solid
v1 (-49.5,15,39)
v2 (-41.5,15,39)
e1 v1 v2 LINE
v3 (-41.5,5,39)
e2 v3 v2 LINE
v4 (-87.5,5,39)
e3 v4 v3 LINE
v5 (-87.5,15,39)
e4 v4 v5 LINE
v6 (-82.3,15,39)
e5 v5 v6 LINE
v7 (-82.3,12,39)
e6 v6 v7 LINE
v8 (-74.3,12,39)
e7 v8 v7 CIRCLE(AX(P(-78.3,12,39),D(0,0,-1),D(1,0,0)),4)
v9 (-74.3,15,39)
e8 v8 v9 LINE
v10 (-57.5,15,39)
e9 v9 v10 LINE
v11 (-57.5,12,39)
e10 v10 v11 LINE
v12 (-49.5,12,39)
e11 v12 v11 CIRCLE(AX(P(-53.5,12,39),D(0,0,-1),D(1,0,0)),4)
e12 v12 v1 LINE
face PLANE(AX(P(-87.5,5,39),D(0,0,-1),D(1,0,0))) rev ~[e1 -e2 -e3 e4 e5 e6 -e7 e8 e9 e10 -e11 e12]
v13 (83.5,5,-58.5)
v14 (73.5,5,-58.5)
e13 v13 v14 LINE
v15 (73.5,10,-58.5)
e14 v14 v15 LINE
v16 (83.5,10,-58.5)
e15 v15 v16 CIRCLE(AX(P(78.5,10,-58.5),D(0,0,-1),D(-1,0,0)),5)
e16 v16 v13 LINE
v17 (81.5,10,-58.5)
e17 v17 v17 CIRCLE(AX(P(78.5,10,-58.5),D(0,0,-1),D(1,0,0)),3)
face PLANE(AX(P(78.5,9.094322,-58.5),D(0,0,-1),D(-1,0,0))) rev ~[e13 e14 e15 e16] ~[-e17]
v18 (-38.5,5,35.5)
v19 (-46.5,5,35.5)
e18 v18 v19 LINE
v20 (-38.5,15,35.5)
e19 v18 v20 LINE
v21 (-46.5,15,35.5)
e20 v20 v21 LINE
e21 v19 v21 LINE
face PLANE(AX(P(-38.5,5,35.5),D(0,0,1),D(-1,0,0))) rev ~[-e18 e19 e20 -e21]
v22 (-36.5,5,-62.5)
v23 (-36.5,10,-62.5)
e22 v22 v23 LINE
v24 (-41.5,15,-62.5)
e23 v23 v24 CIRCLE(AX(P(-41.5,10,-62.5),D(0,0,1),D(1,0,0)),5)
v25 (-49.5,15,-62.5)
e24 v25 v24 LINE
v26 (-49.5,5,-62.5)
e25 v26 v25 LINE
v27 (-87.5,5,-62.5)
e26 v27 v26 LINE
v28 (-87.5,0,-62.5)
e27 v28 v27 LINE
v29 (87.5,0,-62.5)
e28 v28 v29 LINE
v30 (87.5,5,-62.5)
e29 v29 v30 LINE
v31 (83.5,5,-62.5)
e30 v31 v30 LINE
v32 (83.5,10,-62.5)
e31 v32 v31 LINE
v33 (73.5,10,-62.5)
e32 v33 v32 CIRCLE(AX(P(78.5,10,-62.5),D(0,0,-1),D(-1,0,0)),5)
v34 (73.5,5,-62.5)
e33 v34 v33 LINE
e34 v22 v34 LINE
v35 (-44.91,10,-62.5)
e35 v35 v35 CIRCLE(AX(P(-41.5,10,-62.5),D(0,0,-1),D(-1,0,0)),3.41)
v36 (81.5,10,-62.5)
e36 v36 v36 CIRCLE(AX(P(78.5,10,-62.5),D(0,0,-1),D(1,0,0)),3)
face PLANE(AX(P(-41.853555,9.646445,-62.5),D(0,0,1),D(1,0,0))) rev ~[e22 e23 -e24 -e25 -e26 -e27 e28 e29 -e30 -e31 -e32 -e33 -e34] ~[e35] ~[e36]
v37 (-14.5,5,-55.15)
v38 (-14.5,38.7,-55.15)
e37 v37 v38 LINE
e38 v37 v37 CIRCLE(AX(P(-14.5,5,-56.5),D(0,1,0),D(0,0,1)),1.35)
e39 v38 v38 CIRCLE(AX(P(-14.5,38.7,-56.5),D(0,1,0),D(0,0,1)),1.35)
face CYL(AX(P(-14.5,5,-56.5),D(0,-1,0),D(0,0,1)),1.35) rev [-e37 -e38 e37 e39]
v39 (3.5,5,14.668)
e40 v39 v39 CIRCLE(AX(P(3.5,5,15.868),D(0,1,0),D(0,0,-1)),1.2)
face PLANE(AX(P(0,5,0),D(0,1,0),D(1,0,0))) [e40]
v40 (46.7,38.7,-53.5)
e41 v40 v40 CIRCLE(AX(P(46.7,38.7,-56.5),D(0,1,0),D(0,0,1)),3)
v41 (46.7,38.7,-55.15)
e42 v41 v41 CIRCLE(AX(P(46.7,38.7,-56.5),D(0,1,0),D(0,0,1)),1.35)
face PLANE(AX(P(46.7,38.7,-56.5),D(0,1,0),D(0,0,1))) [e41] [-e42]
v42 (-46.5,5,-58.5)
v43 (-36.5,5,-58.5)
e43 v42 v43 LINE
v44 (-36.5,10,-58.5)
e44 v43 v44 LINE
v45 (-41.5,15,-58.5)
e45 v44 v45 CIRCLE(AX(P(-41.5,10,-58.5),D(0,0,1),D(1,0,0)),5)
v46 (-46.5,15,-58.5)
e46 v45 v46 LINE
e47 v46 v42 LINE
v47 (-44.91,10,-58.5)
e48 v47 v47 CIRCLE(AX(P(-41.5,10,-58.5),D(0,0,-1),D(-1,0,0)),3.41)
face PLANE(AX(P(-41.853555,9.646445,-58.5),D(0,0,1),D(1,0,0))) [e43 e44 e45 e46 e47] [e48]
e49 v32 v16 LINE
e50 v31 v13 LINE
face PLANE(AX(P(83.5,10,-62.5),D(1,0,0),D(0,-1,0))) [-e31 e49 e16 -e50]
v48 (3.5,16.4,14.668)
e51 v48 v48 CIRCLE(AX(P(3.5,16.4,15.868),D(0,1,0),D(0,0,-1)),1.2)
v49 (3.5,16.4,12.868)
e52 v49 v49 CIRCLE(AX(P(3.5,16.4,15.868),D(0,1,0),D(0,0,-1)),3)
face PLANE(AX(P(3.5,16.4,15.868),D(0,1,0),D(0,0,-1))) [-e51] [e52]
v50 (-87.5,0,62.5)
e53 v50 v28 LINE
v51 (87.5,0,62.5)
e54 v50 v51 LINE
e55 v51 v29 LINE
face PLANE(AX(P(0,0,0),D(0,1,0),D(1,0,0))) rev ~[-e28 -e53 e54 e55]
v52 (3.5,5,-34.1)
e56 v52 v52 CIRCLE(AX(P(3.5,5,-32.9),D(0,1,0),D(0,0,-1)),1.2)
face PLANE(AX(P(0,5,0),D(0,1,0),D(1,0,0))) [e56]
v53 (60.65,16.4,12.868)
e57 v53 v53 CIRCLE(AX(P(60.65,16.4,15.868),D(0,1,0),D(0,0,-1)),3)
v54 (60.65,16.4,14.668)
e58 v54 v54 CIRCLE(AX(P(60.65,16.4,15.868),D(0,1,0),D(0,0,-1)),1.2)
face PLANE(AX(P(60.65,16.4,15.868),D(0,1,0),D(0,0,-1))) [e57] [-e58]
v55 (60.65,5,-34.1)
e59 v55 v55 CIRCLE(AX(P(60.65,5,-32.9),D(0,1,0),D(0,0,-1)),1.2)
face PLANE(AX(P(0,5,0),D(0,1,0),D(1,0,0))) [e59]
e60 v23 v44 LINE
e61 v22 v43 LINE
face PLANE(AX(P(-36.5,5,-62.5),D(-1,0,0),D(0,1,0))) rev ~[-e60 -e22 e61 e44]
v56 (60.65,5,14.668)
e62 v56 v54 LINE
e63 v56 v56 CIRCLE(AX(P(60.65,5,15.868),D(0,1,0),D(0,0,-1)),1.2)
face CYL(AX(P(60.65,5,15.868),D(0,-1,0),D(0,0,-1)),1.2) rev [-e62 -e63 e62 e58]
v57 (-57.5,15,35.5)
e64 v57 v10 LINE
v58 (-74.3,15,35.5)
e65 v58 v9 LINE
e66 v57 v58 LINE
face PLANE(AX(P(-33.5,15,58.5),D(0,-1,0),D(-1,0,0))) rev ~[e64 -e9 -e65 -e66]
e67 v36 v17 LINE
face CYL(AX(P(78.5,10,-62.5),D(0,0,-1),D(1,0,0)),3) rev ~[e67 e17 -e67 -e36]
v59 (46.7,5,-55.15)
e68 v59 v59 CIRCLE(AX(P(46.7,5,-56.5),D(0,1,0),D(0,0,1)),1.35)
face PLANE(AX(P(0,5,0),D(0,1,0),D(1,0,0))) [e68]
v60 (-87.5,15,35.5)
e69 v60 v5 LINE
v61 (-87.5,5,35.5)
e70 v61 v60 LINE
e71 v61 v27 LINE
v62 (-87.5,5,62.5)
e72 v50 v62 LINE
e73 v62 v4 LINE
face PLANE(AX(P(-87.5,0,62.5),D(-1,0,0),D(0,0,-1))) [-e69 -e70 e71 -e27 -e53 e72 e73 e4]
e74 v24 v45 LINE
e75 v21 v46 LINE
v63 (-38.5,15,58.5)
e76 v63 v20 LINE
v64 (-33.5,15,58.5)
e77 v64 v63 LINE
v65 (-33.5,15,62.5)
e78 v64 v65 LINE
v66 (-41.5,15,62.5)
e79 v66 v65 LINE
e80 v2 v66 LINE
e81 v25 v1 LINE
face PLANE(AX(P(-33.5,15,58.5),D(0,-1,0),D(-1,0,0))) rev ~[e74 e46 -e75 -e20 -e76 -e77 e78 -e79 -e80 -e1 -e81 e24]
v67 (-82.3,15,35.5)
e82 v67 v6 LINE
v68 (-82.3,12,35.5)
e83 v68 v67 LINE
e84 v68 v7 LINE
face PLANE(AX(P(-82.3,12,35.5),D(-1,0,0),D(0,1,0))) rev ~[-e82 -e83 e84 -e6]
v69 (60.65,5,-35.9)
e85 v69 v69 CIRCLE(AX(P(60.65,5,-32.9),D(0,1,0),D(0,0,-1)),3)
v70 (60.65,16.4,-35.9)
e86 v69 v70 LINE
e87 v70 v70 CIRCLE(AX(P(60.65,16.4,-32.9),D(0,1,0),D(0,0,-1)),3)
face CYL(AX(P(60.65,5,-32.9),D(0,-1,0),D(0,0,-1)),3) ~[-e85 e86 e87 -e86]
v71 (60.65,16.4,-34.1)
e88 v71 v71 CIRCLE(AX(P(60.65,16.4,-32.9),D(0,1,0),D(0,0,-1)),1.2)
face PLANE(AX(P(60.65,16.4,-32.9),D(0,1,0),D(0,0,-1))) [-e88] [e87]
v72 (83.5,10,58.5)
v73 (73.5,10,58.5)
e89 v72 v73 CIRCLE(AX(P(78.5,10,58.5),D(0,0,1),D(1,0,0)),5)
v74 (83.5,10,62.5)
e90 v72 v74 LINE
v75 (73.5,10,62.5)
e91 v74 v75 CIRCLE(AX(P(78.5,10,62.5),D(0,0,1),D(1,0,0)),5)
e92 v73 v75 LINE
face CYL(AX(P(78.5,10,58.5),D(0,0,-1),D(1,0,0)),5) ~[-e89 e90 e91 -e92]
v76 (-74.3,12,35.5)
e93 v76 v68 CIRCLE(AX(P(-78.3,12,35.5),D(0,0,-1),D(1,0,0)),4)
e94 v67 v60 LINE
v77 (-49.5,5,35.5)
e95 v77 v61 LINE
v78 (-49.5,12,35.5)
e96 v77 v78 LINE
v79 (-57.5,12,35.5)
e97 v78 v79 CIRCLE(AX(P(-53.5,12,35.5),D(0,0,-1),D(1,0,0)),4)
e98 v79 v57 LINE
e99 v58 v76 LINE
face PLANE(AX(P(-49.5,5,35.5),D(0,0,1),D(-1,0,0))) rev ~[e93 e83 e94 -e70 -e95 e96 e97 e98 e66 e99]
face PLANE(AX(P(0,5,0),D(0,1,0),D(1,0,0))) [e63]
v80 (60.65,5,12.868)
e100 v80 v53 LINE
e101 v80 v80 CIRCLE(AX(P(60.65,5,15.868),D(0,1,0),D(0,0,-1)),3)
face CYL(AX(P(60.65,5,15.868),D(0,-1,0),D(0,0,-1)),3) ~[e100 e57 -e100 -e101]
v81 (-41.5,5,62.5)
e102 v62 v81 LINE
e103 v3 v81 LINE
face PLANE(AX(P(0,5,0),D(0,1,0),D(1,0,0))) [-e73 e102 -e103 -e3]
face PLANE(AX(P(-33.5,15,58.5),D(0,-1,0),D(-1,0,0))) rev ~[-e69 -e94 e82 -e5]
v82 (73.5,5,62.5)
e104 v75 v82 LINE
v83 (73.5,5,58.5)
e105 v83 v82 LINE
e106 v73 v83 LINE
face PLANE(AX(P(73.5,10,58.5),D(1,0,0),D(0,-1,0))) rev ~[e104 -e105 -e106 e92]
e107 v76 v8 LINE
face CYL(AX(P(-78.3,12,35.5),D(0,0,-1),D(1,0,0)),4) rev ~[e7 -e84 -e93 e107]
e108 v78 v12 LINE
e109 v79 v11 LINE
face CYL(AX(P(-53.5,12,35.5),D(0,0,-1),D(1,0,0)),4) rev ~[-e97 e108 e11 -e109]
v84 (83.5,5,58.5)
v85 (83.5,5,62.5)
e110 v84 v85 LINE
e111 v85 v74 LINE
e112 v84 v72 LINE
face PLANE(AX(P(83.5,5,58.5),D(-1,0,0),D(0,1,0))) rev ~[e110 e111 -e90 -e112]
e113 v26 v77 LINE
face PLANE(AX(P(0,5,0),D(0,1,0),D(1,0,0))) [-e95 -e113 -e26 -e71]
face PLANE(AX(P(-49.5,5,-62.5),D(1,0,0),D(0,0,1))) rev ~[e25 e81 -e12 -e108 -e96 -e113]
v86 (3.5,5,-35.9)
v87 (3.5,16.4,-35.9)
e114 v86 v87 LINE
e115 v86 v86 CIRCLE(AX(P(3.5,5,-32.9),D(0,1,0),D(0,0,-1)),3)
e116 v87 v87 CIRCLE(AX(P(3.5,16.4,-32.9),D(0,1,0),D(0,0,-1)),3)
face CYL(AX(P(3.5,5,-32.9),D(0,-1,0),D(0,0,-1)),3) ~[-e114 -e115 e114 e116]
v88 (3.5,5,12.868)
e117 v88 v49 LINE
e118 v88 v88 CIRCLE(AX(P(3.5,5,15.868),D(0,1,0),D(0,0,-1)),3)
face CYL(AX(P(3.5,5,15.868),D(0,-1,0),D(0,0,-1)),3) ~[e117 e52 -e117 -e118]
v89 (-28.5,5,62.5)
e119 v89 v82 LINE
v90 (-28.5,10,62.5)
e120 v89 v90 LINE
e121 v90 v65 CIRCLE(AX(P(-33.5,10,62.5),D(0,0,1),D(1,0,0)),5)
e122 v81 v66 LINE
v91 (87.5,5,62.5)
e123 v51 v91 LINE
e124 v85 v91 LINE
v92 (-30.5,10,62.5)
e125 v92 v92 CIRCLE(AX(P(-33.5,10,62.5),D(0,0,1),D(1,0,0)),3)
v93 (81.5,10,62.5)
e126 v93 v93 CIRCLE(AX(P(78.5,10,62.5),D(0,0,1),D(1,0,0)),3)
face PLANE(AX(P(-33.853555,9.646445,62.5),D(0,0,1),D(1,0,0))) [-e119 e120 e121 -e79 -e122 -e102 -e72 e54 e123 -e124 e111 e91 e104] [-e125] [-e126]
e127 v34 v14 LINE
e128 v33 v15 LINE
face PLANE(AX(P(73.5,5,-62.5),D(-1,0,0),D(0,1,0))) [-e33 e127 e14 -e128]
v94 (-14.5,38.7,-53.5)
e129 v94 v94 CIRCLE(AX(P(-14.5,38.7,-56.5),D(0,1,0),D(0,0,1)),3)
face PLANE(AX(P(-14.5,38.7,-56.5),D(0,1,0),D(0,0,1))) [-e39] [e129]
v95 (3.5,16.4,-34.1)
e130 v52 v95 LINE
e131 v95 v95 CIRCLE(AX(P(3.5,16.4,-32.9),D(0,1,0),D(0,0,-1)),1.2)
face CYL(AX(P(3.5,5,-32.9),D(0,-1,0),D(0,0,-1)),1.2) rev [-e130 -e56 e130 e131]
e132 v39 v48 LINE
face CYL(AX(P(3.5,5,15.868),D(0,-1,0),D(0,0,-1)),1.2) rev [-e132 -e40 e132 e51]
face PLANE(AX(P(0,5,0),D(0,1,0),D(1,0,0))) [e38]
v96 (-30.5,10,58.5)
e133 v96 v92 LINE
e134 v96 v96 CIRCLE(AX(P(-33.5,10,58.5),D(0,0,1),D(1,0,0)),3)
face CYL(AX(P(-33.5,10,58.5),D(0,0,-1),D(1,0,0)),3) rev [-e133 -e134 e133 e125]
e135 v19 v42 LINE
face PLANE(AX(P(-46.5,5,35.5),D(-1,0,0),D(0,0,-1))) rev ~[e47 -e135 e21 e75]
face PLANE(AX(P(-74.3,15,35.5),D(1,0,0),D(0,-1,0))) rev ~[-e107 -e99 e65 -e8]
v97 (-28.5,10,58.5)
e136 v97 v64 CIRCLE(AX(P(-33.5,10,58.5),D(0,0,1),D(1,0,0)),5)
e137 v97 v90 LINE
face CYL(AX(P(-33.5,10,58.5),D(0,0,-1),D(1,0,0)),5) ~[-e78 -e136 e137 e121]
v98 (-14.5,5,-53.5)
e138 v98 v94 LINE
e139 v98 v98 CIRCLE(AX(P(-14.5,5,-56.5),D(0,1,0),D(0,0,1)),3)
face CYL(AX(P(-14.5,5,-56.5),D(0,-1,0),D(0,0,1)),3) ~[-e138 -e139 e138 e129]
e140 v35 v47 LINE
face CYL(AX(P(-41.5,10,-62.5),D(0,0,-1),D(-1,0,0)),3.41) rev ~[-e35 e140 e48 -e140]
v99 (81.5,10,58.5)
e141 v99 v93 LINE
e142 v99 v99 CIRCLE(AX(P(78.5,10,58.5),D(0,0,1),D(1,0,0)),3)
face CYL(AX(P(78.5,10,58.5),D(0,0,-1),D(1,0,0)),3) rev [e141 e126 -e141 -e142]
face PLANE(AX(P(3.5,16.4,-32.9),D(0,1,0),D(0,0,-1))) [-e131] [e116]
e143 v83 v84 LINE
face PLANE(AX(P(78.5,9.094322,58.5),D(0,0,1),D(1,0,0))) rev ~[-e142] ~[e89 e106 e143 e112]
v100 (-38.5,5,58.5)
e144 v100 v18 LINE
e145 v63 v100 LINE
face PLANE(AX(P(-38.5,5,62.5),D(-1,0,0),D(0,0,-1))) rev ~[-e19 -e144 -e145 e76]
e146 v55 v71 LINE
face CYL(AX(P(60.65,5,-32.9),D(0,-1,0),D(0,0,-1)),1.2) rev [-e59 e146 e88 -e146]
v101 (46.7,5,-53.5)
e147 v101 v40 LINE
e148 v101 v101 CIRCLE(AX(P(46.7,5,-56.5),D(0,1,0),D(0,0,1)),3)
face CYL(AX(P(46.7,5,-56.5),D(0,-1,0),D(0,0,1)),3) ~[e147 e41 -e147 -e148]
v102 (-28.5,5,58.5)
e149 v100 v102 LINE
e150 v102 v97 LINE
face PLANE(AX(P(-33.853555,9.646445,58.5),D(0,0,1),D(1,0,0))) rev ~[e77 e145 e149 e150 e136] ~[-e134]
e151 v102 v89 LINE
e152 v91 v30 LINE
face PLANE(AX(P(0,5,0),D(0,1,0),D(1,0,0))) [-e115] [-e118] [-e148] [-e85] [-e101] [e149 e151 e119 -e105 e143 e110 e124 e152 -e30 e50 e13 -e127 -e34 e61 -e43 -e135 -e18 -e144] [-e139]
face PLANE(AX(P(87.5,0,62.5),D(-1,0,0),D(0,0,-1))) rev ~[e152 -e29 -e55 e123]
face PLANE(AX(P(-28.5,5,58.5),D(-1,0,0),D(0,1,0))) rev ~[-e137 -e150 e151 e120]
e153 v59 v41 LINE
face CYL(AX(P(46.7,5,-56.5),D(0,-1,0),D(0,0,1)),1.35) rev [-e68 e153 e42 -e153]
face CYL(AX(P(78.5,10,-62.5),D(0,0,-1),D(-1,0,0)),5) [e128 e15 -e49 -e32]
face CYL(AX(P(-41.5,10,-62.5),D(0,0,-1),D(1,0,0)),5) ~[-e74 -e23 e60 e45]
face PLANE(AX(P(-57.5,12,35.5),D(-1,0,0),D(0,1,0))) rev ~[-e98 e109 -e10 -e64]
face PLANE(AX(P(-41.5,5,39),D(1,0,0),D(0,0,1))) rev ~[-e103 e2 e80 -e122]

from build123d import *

# Parameters (mm, degrees)
SKETCH1_W           = 175
SKETCH1_H           = 125
BOSS_EXTRUDE1_DEPTH = 5
BOSS_EXTRUDE2_DEPTH = 10
SKETCH3_R           = 3.41
SKETCH3_R_2         = 3
BOSS_EXTRUDE3_DEPTH = 4
BOSS_EXTRUDE4_START = -4
SKETCH4_R           = 3
BOSS_EXTRUDE4_DEPTH = 4
SKETCH5_R           = 3
SKETCH5_R_2         = 1.2
BOSS_EXTRUDE5_DEPTH = 11.4
SKETCH6_R           = 3
SKETCH6_R_2         = 1.35
BOSS_EXTRUDE6_DEPTH = 33.7
CUT_EXTRUDE1_REACH  = 138.96


with BuildPart() as part:
    # Sketch1 → Boss-Extrude1 (new body)
    with BuildSketch(Plane(origin=(0, 0, 0), x_dir=(1, 0, 0), z_dir=(0, 1, 0))):
        Rectangle(SKETCH1_W, SKETCH1_H)
    extrude(amount=BOSS_EXTRUDE1_DEPTH)

    # Sketch2 → Boss-Extrude2 (add)
    with BuildSketch(Plane(origin=(0, 5, 0), x_dir=(1, 0, 0), z_dir=(0, 1, 0))):
        Polygon((-49.5, 62.5), (-49.5, -35.5), (-87.5, -35.5), (-87.5, -39), (-41.5, -39), (-41.5, -62.5), (-38.5, -62.5), (-38.5, -35.5), (-46.5, -35.5), (-46.5, 62.5), align=None)
    extrude(amount=BOSS_EXTRUDE2_DEPTH)

    # Sketch3 → Boss-Extrude3 (add)
    # profile 1 of 2: a face of its own
    with BuildSketch(Plane(origin=(0, 0, -62.5), x_dir=(-1, 0, 0), z_dir=(0, 0, -1))):
        with BuildLine():
            Line((46.5, 5), (36.5, 5))
            Line((36.5, 5), (36.5, 10))
            ThreePointArc((36.5, 10), (37.964466094, 13.535533906), (41.5, 15))
            Line((41.5, 15), (46.5, 15))
            Line((46.5, 15), (46.5, 5))
        make_face()
        with Locations((41.5, 10)):
            Circle(SKETCH3_R, mode=Mode.SUBTRACT)
    # profile 2 of 2: a face of its own
    with BuildSketch(Plane(origin=(0, 0, -62.5), x_dir=(-1, 0, 0), z_dir=(0, 0, -1))):
        with BuildLine():
            Line((-83.5, 10), (-83.5, 5))
            Line((-83.5, 5), (-73.5, 5))
            Line((-73.5, 5), (-73.5, 10))
            ThreePointArc((-73.5, 10), (-78.5, 15), (-83.5, 10))
        make_face()
        with Locations(Location((-78.5, 10, 0), (0, 0, 180))):
            Circle(SKETCH3_R_2, mode=Mode.SUBTRACT)
    extrude(amount=-BOSS_EXTRUDE3_DEPTH)

    # Sketch4 → Boss-Extrude4 (add)
    # profile 1 of 2: a face of its own
    with BuildSketch(Plane.XY.offset(62.5).offset(BOSS_EXTRUDE4_START)):
        with BuildLine():
            Line((73.5, 5), (83.5, 5))
            Line((83.5, 5), (83.5, 10))
            ThreePointArc((83.5, 10), (78.5, 15), (73.5, 10))
            Line((73.5, 10), (73.5, 5))
        make_face()
        with Locations((78.5, 10)):
            Circle(SKETCH4_R, mode=Mode.SUBTRACT)
    # profile 2 of 2: a face of its own
    with BuildSketch(Plane.XY.offset(62.5).offset(BOSS_EXTRUDE4_START)):
        with BuildLine():
            Line((-38.5, 15), (-38.5, 5))
            Line((-38.5, 5), (-28.5, 5))
            Line((-28.5, 5), (-28.5, 10))
            ThreePointArc((-28.5, 10), (-29.964466094, 13.535533906), (-33.5, 15))
            Line((-33.5, 15), (-38.5, 15))
        make_face()
        with Locations((-33.5, 10)):
            Circle(SKETCH4_R, mode=Mode.SUBTRACT)
    extrude(amount=BOSS_EXTRUDE4_DEPTH)

    # Sketch5 → Boss-Extrude5 (add)
    # profile 1 of 4: a face of its own
    with BuildSketch(Plane(origin=(0, 5, 0), x_dir=(1, 0, 0), z_dir=(0, 1, 0))):
        with Locations(Location((3.5, 32.9, 0), (0, 0, 90))):
            Circle(SKETCH5_R)
        with Locations(Location((3.5, 32.9, 0), (0, 0, 90))):
            Circle(SKETCH5_R_2, mode=Mode.SUBTRACT)
    # profile 2 of 4: a face of its own
    with BuildSketch(Plane(origin=(0, 5, 0), x_dir=(1, 0, 0), z_dir=(0, 1, 0))):
        with Locations(Location((60.65, 32.9, 0), (0, 0, 90))):
            Circle(SKETCH5_R)
        with Locations(Location((60.65, 32.9, 0), (0, 0, 90))):
            Circle(SKETCH5_R_2, mode=Mode.SUBTRACT)
    # profile 3 of 4: a face of its own
    with BuildSketch(Plane(origin=(0, 5, 0), x_dir=(1, 0, 0), z_dir=(0, 1, 0))):
        with Locations(Location((60.65, -15.868, 0), (0, 0, 90))):
            Circle(SKETCH5_R)
        with Locations(Location((60.65, -15.868, 0), (0, 0, 90))):
            Circle(SKETCH5_R_2, mode=Mode.SUBTRACT)
    # profile 4 of 4: a face of its own
    with BuildSketch(Plane(origin=(0, 5, 0), x_dir=(1, 0, 0), z_dir=(0, 1, 0))):
        with Locations(Location((3.5, -15.868, 0), (0, 0, 90))):
            Circle(SKETCH5_R)
        with Locations(Location((3.5, -15.868, 0), (0, 0, 90))):
            Circle(SKETCH5_R_2, mode=Mode.SUBTRACT)
    extrude(amount=BOSS_EXTRUDE5_DEPTH)

    # Sketch6 → Boss-Extrude6 (add)
    # profile 1 of 2: a face of its own
    with BuildSketch(Plane(origin=(0, 5, 0), x_dir=(1, 0, 0), z_dir=(0, 1, 0))):
        with Locations(Location((46.7, 56.5, 0), (0, 0, 270))):
            Circle(SKETCH6_R)
        with Locations(Location((46.7, 56.5, 0), (0, 0, 270))):
            Circle(SKETCH6_R_2, mode=Mode.SUBTRACT)
    # profile 2 of 2: a face of its own
    with BuildSketch(Plane(origin=(0, 5, 0), x_dir=(1, 0, 0), z_dir=(0, 1, 0))):
        with Locations(Location((-14.5, 56.5, 0), (0, 0, 270))):
            Circle(SKETCH6_R)
        with Locations(Location((-14.5, 56.5, 0), (0, 0, 270))):
            Circle(SKETCH6_R_2, mode=Mode.SUBTRACT)
    extrude(amount=BOSS_EXTRUDE6_DEPTH)

    # Sketch7 → Cut-Extrude1 (cut, up to next)
    with BuildSketch(Plane(origin=(0, 0, 35.5), x_dir=(-1, 0, 0), z_dir=(0, 0, -1)), mode=Mode.PRIVATE) as cut_extrude1_sk1:
        with BuildLine():
            Line((49.5, 15), (49.5, 12))
            ThreePointArc((49.5, 12), (53.5, 8), (57.5, 12))
            Line((57.5, 12), (57.5, 15))
            Line((57.5, 15), (49.5, 15))
        make_face()
    cut_extrude1_tool1 = extrude(cut_extrude1_sk1.sketch, amount=-CUT_EXTRUDE1_REACH, mode=Mode.PRIVATE) & part.part
    # Sketch7 → Cut-Extrude1 (cut, up to next)
    with BuildSketch(Plane(origin=(0, 0, 35.5), x_dir=(-1, 0, 0), z_dir=(0, 0, -1)), mode=Mode.PRIVATE) as cut_extrude1_sk2:
        with BuildLine():
            Line((74.3, 15), (74.3, 12))
            ThreePointArc((74.3, 12), (78.3, 8), (82.3, 12))
            Line((82.3, 12), (82.3, 15))
            Line((82.3, 15), (74.3, 15))
        make_face()
    cut_extrude1_tool2 = extrude(cut_extrude1_sk2.sketch, amount=-CUT_EXTRUDE1_REACH, mode=Mode.PRIVATE) & part.part
    add(cut_extrude1_tool1.solids().sort_by_distance((-53.5, 11.864313, 35.5))[0], mode=Mode.SUBTRACT)
    add(cut_extrude1_tool2.solids().sort_by_distance((-78.3, 11.864313, 35.5))[0], mode=Mode.SUBTRACT)


solid = part.part
